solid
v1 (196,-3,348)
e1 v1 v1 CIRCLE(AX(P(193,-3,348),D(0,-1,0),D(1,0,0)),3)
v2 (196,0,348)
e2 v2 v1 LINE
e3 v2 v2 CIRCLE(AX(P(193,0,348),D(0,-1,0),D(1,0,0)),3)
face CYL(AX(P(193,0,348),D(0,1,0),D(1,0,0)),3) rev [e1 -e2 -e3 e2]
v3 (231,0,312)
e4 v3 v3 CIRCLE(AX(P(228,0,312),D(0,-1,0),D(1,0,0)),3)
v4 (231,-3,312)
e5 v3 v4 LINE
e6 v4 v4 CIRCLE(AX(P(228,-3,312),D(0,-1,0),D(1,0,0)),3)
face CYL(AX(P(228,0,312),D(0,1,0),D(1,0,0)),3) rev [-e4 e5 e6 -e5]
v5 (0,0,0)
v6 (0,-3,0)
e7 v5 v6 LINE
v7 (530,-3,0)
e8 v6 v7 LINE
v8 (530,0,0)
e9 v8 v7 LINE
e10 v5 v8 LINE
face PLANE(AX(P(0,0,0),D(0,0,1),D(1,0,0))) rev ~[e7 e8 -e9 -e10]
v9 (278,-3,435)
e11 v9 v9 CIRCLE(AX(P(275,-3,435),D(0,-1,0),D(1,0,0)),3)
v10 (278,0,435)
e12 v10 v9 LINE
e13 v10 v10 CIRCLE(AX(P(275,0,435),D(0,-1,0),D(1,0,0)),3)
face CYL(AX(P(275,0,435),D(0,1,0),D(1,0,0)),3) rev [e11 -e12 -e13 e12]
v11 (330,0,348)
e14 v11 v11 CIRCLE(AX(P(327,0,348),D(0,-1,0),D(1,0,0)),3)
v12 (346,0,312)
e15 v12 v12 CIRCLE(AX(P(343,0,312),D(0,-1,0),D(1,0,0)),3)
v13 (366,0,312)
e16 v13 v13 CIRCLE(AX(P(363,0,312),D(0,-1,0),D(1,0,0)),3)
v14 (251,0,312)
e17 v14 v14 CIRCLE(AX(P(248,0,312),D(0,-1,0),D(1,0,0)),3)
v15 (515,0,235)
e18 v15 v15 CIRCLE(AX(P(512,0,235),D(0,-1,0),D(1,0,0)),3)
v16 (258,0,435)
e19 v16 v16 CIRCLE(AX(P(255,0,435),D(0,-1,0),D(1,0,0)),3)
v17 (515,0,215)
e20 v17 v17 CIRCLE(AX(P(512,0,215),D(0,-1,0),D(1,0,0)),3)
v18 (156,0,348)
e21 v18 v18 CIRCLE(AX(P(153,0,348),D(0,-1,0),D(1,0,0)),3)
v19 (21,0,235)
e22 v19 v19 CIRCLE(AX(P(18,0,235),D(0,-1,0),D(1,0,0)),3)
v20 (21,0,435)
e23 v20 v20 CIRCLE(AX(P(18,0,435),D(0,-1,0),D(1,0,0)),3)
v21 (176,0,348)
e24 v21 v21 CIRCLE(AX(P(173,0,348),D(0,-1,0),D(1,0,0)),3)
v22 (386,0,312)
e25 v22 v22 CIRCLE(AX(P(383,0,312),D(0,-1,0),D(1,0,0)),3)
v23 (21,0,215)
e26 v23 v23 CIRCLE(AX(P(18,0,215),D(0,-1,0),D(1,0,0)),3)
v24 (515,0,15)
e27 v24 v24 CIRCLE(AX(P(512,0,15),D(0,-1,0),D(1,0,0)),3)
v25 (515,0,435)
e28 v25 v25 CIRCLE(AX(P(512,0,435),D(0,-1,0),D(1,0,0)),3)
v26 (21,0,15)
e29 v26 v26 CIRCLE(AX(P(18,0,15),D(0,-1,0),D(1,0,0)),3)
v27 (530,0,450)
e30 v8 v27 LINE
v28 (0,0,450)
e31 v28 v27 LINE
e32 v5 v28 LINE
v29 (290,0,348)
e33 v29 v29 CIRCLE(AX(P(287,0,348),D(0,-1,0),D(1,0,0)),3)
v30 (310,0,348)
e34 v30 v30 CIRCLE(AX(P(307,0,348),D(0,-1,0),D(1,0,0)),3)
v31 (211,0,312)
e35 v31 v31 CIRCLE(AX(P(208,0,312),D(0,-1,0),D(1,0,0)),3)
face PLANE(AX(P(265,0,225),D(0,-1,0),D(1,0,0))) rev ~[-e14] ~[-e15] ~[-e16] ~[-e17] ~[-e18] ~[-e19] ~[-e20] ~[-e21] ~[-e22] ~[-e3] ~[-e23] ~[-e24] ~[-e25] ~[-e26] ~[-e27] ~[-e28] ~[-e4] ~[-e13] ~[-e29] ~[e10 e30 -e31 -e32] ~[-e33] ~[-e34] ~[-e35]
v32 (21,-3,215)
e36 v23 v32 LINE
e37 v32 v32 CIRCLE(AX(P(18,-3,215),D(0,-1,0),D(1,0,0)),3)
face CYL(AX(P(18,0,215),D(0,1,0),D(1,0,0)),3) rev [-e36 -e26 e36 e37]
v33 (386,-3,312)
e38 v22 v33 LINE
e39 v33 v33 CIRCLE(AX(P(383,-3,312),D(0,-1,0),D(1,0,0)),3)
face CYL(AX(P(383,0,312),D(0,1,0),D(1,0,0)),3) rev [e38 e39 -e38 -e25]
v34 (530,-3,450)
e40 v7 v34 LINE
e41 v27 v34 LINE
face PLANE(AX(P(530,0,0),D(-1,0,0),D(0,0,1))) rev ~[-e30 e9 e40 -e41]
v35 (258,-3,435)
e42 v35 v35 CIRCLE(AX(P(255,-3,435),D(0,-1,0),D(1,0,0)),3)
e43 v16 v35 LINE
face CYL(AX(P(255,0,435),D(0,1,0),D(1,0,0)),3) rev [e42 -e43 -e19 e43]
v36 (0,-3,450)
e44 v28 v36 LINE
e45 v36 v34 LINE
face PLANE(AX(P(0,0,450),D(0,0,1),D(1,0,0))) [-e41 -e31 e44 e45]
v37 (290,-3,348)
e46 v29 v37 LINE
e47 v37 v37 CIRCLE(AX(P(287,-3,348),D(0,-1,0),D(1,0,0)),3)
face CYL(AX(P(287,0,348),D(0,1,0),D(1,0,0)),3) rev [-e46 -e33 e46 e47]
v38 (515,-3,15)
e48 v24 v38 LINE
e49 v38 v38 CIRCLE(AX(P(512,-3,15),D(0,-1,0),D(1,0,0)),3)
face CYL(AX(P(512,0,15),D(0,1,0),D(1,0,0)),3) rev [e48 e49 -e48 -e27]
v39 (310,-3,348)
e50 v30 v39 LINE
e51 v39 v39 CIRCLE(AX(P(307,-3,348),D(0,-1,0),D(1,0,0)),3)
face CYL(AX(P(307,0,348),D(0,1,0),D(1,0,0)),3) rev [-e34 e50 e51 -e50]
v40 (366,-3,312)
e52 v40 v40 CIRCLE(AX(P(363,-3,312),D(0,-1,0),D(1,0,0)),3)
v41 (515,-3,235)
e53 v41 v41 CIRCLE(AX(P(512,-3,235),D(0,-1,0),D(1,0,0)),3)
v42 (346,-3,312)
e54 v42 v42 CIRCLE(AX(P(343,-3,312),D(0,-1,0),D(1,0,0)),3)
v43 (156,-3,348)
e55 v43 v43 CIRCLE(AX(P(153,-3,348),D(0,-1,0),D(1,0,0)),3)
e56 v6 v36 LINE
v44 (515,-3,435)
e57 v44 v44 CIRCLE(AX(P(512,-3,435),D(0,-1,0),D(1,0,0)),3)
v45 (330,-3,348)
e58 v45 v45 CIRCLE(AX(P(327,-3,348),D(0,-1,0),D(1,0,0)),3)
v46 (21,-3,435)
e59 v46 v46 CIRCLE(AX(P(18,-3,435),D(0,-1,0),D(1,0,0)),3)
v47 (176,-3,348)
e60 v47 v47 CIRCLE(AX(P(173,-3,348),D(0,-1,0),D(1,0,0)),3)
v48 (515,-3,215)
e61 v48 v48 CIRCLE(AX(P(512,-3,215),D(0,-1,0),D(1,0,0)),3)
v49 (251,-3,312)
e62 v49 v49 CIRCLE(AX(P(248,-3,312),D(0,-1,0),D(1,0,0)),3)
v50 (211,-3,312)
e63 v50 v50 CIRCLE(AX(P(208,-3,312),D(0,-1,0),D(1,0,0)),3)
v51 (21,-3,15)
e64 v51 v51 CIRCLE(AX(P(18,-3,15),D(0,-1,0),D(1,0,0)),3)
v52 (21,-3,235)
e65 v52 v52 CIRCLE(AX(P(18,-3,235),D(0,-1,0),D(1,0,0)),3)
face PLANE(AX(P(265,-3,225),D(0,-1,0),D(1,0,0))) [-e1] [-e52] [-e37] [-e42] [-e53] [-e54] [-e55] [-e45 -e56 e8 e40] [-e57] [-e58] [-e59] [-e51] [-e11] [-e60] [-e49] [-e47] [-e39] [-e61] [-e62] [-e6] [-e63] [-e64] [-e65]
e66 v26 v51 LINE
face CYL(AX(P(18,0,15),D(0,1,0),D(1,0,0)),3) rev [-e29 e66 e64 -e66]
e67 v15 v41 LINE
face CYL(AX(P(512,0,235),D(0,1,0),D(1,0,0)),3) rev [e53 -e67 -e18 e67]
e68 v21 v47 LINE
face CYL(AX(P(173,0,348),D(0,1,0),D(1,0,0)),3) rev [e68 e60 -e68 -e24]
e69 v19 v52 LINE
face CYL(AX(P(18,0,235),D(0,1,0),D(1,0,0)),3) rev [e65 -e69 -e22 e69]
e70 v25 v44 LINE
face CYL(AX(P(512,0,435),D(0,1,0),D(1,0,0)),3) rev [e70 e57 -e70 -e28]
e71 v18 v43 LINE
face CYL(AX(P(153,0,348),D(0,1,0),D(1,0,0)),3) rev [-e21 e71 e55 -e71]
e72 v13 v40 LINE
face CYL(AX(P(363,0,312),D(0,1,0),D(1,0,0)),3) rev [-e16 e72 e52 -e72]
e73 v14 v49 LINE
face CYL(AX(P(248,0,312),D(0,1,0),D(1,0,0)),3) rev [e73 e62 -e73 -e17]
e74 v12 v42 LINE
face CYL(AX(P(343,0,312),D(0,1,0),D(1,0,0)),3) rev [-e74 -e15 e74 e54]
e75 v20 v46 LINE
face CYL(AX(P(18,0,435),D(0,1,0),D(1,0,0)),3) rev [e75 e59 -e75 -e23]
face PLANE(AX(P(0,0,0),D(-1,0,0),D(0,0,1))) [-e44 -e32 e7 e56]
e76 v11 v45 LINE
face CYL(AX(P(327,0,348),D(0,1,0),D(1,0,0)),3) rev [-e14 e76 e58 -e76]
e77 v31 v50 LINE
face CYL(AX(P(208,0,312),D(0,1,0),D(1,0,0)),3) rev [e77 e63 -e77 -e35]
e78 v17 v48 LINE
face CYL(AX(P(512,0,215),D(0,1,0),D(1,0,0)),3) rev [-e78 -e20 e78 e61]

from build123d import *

# Parameters (mm, degrees)
F0_W     = 530
F0_H     = 450
F0_R     = 3
F1_DEPTH = 3


with BuildPart() as f1:
    # F0 (on Front) → F1 (new body)
    with BuildSketch(Plane.XZ):
        with Locations((265, 225)):
            Rectangle(F0_W, F0_H)
        with Locations((18, 15)):
            Circle(F0_R, mode=Mode.SUBTRACT)
        with Locations((18, 215)):
            Circle(F0_R, mode=Mode.SUBTRACT)
        with Locations((512, 15)):
            Circle(F0_R, mode=Mode.SUBTRACT)
        with BuildLine():
            ThreePointArc((410, 95), (405.606602, 84.393398), (395, 80))
            Line((395, 80), (135, 80))
            ThreePointArc((135, 80), (124.393398, 84.393398), (120, 95))
            Line((120, 95), (120, 315))
            ThreePointArc((120, 315), (124.393398, 325.606602), (135, 330))
            Line((135, 330), (395, 330))
            ThreePointArc((395, 330), (405.606602, 325.606602), (410, 315))
            Line((410, 315), (410, 95))
        make_face(mode=Mode.SUBTRACT)
        with Locations((512, 215)):
            Circle(F0_R, mode=Mode.SUBTRACT)
        with Locations((18, 235)):
            Circle(F0_R, mode=Mode.SUBTRACT)
        with Locations((18, 435)):
            Circle(F0_R, mode=Mode.SUBTRACT)
        with Locations((153, 348)):
            Circle(F0_R, mode=Mode.SUBTRACT)
        with Locations((173, 348)):
            Circle(F0_R, mode=Mode.SUBTRACT)
        with Locations((193, 348)):
            Circle(F0_R, mode=Mode.SUBTRACT)
        with Locations((255, 435)):
            Circle(F0_R, mode=Mode.SUBTRACT)
        with Locations((512, 235)):
            Circle(F0_R, mode=Mode.SUBTRACT)
        with Locations((287, 348)):
            Circle(F0_R, mode=Mode.SUBTRACT)
        with Locations((307, 348)):
            Circle(F0_R, mode=Mode.SUBTRACT)
        with Locations((327, 348)):
            Circle(F0_R, mode=Mode.SUBTRACT)
        with Locations((275, 435)):
            Circle(F0_R, mode=Mode.SUBTRACT)
        with Locations((512, 435)):
            Circle(F0_R, mode=Mode.SUBTRACT)
        with BuildLine():
            Line((135, 80), (395, 80))
            ThreePointArc((395, 80), (405.606602, 84.393398), (410, 95))
            Line((410, 95), (410, 315))
            ThreePointArc((410, 315), (405.606602, 325.606602), (395, 330))
            Line((395, 330), (135, 330))
            ThreePointArc((135, 330), (124.393398, 325.606602), (120, 315))
            Line((120, 315), (120, 95))
            ThreePointArc((120, 95), (124.393398, 84.393398), (135, 80))
        make_face()
        with Locations((208, 312)):
            Circle(F0_R, mode=Mode.SUBTRACT)
        with Locations((228, 312)):
            Circle(F0_R, mode=Mode.SUBTRACT)
        with Locations((248, 312)):
            Circle(F0_R, mode=Mode.SUBTRACT)
        with Locations((343, 312)):
            Circle(F0_R, mode=Mode.SUBTRACT)
        with Locations((363, 312)):
            Circle(F0_R, mode=Mode.SUBTRACT)
        with Locations((383, 312)):
            Circle(F0_R, mode=Mode.SUBTRACT)
    extrude(amount=F1_DEPTH)


solid = f1.part
